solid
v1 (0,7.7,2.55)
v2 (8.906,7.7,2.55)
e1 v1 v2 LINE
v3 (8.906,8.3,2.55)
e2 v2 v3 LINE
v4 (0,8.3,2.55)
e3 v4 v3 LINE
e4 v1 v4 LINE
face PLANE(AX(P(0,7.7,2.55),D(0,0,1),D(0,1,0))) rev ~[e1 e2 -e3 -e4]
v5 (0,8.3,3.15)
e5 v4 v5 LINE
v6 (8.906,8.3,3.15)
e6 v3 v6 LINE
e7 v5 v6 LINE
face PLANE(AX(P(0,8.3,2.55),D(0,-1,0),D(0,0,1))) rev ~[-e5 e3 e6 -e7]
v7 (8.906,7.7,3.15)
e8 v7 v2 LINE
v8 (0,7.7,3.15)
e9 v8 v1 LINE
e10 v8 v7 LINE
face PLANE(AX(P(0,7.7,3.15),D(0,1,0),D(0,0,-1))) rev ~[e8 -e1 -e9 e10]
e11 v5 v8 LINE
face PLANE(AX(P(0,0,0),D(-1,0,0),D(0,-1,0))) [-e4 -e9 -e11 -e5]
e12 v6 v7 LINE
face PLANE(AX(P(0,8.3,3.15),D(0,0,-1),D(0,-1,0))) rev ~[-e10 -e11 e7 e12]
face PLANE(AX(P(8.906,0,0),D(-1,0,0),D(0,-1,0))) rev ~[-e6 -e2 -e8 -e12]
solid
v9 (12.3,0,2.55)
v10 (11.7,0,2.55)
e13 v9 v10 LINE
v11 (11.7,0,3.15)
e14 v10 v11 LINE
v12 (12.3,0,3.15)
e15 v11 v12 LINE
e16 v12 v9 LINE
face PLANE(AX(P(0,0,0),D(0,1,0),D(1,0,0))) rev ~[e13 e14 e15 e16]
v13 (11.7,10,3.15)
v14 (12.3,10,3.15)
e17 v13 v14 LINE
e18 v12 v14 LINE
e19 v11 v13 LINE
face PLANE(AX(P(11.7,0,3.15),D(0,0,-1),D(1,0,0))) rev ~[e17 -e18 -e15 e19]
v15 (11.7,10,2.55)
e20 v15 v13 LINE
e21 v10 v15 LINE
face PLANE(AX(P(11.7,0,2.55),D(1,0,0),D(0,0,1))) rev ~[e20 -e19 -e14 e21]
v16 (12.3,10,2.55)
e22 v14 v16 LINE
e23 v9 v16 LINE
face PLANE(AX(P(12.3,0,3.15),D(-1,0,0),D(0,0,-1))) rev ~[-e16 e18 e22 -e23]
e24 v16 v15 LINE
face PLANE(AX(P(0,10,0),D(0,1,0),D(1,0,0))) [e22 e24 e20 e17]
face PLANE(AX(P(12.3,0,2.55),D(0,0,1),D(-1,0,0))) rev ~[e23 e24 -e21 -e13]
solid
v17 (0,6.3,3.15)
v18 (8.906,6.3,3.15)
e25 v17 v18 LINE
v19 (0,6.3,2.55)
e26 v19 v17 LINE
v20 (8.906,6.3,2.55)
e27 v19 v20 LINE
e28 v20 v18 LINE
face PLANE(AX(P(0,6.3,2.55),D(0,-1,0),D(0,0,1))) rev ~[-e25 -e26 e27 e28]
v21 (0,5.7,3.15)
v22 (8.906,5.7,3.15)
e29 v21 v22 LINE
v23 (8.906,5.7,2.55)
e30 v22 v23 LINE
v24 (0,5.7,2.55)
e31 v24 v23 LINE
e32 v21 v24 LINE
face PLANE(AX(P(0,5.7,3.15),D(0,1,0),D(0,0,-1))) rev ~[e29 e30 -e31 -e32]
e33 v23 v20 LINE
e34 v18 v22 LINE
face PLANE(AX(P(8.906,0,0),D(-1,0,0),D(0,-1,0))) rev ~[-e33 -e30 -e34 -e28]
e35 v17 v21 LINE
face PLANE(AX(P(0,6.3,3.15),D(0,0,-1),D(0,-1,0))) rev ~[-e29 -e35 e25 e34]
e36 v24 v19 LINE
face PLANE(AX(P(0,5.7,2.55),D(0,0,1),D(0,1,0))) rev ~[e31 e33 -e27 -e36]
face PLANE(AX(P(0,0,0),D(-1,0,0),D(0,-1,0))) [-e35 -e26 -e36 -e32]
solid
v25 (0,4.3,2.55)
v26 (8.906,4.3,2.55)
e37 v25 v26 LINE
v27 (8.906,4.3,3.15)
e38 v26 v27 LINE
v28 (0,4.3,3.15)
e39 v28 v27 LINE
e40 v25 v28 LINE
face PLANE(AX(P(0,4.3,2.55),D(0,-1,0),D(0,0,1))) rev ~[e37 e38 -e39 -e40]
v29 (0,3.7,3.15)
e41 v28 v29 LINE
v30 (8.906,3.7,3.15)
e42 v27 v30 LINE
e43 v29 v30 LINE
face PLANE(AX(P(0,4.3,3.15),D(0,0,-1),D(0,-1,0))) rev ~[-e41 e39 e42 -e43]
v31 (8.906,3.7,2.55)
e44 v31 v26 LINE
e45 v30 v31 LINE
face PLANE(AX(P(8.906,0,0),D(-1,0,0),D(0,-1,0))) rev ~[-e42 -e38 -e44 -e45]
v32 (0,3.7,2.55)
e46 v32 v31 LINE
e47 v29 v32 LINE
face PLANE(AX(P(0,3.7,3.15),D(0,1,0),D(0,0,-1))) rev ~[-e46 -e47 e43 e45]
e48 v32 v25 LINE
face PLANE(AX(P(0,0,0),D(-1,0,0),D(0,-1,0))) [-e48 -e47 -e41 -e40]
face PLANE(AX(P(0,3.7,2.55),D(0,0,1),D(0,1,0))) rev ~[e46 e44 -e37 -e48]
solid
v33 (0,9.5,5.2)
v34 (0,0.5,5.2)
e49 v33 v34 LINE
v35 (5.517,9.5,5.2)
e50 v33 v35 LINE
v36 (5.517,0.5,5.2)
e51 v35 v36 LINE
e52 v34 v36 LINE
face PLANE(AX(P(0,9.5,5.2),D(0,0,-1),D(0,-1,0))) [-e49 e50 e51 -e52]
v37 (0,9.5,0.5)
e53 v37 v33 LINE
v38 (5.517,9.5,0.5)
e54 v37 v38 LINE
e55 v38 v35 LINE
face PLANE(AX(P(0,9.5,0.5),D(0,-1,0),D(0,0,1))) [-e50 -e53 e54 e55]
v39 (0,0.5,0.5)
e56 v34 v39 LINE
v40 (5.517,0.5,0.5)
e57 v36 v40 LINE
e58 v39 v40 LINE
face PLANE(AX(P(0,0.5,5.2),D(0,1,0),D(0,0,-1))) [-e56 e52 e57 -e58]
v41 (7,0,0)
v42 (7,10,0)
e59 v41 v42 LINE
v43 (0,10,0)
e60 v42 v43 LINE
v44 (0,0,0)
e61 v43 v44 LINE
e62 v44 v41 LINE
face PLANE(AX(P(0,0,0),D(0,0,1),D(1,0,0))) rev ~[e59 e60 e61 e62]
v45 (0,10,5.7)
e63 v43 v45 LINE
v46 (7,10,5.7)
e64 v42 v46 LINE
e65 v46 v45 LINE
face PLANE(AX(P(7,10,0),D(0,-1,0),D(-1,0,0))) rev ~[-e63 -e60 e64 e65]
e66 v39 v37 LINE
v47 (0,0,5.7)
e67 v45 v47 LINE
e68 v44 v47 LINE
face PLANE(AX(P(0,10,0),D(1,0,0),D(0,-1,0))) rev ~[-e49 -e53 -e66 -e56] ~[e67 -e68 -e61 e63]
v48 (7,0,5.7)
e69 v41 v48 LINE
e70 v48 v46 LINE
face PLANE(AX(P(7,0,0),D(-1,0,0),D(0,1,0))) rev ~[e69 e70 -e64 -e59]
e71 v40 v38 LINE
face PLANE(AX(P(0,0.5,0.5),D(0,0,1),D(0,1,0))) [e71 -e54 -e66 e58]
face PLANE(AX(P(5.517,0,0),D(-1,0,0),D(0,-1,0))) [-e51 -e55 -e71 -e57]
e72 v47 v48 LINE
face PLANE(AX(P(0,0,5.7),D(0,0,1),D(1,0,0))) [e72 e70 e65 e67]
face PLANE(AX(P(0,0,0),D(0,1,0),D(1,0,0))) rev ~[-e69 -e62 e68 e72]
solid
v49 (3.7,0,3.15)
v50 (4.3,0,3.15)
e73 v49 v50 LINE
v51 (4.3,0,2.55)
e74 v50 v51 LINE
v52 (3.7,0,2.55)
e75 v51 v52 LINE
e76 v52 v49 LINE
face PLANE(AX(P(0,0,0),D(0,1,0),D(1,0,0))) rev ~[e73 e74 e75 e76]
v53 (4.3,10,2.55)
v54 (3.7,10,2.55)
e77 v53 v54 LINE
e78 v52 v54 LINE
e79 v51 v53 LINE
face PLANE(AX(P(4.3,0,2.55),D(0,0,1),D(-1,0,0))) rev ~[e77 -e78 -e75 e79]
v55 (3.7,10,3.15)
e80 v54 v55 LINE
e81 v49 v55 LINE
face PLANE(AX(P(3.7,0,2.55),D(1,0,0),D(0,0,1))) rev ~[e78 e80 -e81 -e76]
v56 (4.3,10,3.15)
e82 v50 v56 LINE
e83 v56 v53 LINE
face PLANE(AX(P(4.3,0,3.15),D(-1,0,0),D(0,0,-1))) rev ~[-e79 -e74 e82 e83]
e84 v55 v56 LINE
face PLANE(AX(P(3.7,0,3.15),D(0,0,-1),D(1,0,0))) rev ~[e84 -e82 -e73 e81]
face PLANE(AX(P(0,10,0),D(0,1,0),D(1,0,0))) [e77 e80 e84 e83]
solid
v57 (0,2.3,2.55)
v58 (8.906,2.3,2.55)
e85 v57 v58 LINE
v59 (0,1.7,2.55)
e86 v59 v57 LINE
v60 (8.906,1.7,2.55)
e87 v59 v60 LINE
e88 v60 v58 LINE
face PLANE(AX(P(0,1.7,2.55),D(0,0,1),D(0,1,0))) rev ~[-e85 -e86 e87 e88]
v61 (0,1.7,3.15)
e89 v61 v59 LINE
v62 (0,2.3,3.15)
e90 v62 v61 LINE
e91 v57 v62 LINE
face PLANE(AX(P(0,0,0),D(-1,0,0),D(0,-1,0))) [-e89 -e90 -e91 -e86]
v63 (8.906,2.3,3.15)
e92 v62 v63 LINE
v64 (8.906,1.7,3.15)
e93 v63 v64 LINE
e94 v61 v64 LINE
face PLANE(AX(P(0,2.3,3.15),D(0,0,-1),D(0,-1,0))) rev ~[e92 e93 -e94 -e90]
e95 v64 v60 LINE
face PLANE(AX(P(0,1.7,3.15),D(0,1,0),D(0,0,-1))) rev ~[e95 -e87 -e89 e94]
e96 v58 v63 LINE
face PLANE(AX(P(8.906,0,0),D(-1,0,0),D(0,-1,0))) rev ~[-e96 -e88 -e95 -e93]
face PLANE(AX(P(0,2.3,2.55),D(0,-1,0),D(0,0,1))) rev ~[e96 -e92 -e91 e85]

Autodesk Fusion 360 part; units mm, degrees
sketch "Sketch1" plane through (0, 0, 0) normal (0, 1, 0) x (1, 0, 0)
  line L0 (0, 0) -> (14, 0)
  line L1 (14, 0) -> (14, -5.7)
  line L2 (14, -5.7) -> (0, -5.7)
  line L3 (0, -5.7) -> (0, 0)
  line L4 (14, -2.85) -> (0, -2.85) construction
  line L5 (7, -5.7) -> (7, 0) construction
  line L6 (5.7, -3.15) -> (6.3, -3.15)
  line L7 (6.3, -3.15) -> (6.3, -2.55)
  line L8 (6.3, -2.55) -> (5.7, -2.55)
  line L9 (5.7, -2.55) -> (5.7, -3.15)
  line L10 (4.3, -2.55) -> (3.7, -2.55)
  line L11 (3.7, -3.15) -> (4.3, -3.15)
  line L12 (3.7, -2.55) -> (3.7, -3.15)
  line L13 (4.3, -3.15) -> (4.3, -2.55)
  line L14 (2.3, -2.55) -> (1.7, -2.55)
  line L15 (1.7, -3.15) -> (2.3, -3.15)
  line L16 (1.7, -2.55) -> (1.7, -3.15)
  line L17 (2.3, -3.15) -> (2.3, -2.55)
  line L18 (8.3, -2.55) -> (7.7, -2.55)
  line L19 (7.7, -3.15) -> (8.3, -3.15)
  line L20 (7.7, -2.55) -> (7.7, -3.15)
  line L21 (8.3, -3.15) -> (8.3, -2.55)
  line L22 (6.3, -2.55) -> (7.7, -3.15) construction
  line L23 (6.3, -3.15) -> (7.7, -2.55) construction
  line L24 (10.3, -3.15) -> (10.3, -2.55)
  line L25 (10.3, -2.55) -> (9.7, -2.55)
  line L26 (9.7, -3.15) -> (10.3, -3.15)
  line L27 (9.7, -2.55) -> (9.7, -3.15)
  line L28 (11.7, -3.15) -> (12.3, -3.15)
  line L29 (12.3, -2.55) -> (11.7, -2.55)
  line L30 (11.7, -2.55) -> (11.7, -3.15)
  line L31 (12.3, -3.15) -> (12.3, -2.55)
  line L32 (0.5, -0.5) -> (13.5, -0.5)
  line L33 (13.5, -0.5) -> (13.5, -5.2)
  line L34 (13.5, -5.2) -> (0.5, -5.2)
  line L35 (0.5, -5.2) -> (0.5, -0.5)
  dimension "d1" = 14
  dimension "d2" = 5.7
  dimension "d3" = 0.6
  dimension "d4" = 0.6
  dimension "d6" = 0.6
  dimension "d7" = 0.6
  dimension "d8" = 0.6
  dimension "d9" = 0.6
  dimension "d10" = 0.6
  dimension "d11" = 0.6
  dimension "d12" = 2
  dimension "d13" = 2
  dimension "d15" = 0.3
  dimension "d16" = 2
  dimension "d17" = 0.6
  dimension "d18" = 0.6
  dimension "d19" = 0.6
  dimension "d20" = 0.6
  dimension "d23" = 0.5
extrude "Extrude1" add sketch "Sketch1" along normal blind 7 contours L0 L1 L2 L3 | L6 L7 L8 L9 | L10 L11 L12 L13 | L14 L15 L16 L17 | L18 L19 L20 L21 | L24 L25 L26 L27 | L28 L29 L30 L31 | L32 L33 L34 L35 makes body 1
extrude "Extrude2" cut sketch "Sketch1" along normal blind 6.5 contours L6 L7 L8 L9 | L10 L11 L12 L13 | L14 L15 L16 L17 | L18 L19 L20 L21 | L24 L25 L26 L27 | L28 L29 L30 L31 | L32 L33 L34 L35 bodies 1
extrude "Extrude3" add sketch "Sketch1" along normal blind 10 separate body contours L6 L7 L8 L9 | L10 L11 L12 L13 | L14 L15 L16 L17 | L18 L19 L20 L21 | L24 L25 L26 L27 | L28 L29 L30 L31 makes body 2 at (8.3, 6.6667, 2.95) makes body 3 at (2.3, 6.6667, 2.95) makes body 4 at (10.3, 6.6667, 2.95) makes body 5 at (6.3, 6.6667, 2.95) makes body 6 at (4.1, 6.6667, 2.55) makes body 7 at (11.7, 6.6667, 2.75)

Autodesk Fusion 360 part; units mm, degrees
sketch "Sketch2" plane through (0, 0, 0) normal (0, 0, 1) x (1, 0, 0)
  line L0 (0, 0) -> (7, 0)
  line L1 (7, 0) -> (7, 10)
  line L2 (7, 10) -> (0, 10)
  line L3 (0, 10) -> (0, 0)
  dimension "d1" = 7
  dimension "d2" = 10
extrude "Extrude1" add sketch "Sketch2" along normal blind 5.7 makes body 1
sketch "Sketch4" plane through (0, 0, 0) normal (-1, 0, 0) x (0, -1, 0)
  line L0 (-10, 0) -> (0, 0)
  line L1 (0, 0) -> (0, 5.7)
  line L2 (0, 5.7) -> (-10, 5.7)
  line L3 (-10, 5.7) -> (-10, 0)
  line L4 (-10, 5.7) -> (0, 5.7)
  line L5 (0, 5.7) -> (0, 0)
  line L6 (0, 0) -> (-10, 0)
  line L7 (-10, 0) -> (-10, 5.7)
  line L8 (-0.5, 0.5) -> (-9.5, 0.5)
  line L9 (-9.5, 0.5) -> (-9.5, 5.2)
  line L10 (-9.5, 5.2) -> (-0.5, 5.2)
  line L11 (-0.5, 5.2) -> (-0.5, 0.5)
  line L12 (-10, 2.85) -> (0, 2.85) construction
  line L13 (-5, 5.7) -> (-5, 0) construction
  line L14 (-6, 5.2) -> (-6, 0.5) construction
  line L15 (-6.3, 3.15) -> (-5.7, 3.15)
  line L16 (-5.7, 3.15) -> (-5.7, 2.55)
  line L17 (-5.7, 2.55) -> (-6.3, 2.55)
  line L18 (-6.3, 2.55) -> (-6.3, 3.15)
  line L19 (-6.3, 3.15) -> (-5.7, 2.55) construction
  line L20 (-5.7, 3.15) -> (-6.3, 2.55) construction
  line L21 (-8.3, 2.55) -> (-8.3, 3.15)
  line L22 (-7.7, 2.55) -> (-8.3, 2.55)
  line L23 (-7.7, 3.15) -> (-7.7, 2.55)
  line L24 (-7.7, 3.15) -> (-8.3, 2.55) construction
  line L25 (-8.3, 3.15) -> (-7.7, 2.55) construction
  line L26 (-8.3, 3.15) -> (-7.7, 3.15)
  line L27 (-4.3, 2.55) -> (-4.3, 3.15)
  line L28 (-3.7, 2.55) -> (-4.3, 2.55)
  line L29 (-3.7, 3.15) -> (-3.7, 2.55)
  line L30 (-3.7, 3.15) -> (-4.3, 2.55) construction
  line L31 (-4.3, 3.15) -> (-3.7, 2.55) construction
  line L32 (-4.3, 3.15) -> (-3.7, 3.15)
  line L33 (-2.3, 2.55) -> (-2.3, 3.15)
  line L34 (-1.7, 2.55) -> (-2.3, 2.55)
  line L35 (-1.7, 3.15) -> (-1.7, 2.55)
  line L36 (-1.7, 3.15) -> (-2.3, 2.55) construction
  line L37 (-2.3, 3.15) -> (-1.7, 2.55) construction
  line L38 (-2.3, 3.15) -> (-1.7, 3.15)
  point P0 (-6, 2.85)
  point P1 (-8, 2.85)
  point P2 (-4, 2.85)
  point P3 (-2, 2.85)
  dimension "d23" = 0.5
  dimension "d24" = 1
  dimension "d25" = 0.6
  dimension "d26" = 0.6
  dimension "d27" = 0.6
  dimension "d28" = 0.6
  dimension "d29" = 0.6
  dimension "d30" = 0.6
  dimension "d31" = 0.6
  dimension "d32" = 0.6
extrude "Extrude3" cut sketch "Sketch4" against normal blind 5.517 contours L8 L9 L10 L11 | L15 L16 L17 L18 | L21 L22 L23 L26 | L27 L28 L29 L32 | L33 L34 L35 L38 bodies 1
extrude "Extrude4" add sketch "Sketch4" against normal blind 8.906 separate body contours L15 L16 L17 L18 | L21 L22 L23 L26 | L27 L28 L29 L32 | L33 L34 L35 L38 makes body 2 at (2.9687, 5.7, 2.95) makes body 3 at (2.9687, 4.3, 2.75) makes body 4 at (2.9687, 8.3, 2.75) makes body 5 at (2.9687, 2.3, 2.75)
